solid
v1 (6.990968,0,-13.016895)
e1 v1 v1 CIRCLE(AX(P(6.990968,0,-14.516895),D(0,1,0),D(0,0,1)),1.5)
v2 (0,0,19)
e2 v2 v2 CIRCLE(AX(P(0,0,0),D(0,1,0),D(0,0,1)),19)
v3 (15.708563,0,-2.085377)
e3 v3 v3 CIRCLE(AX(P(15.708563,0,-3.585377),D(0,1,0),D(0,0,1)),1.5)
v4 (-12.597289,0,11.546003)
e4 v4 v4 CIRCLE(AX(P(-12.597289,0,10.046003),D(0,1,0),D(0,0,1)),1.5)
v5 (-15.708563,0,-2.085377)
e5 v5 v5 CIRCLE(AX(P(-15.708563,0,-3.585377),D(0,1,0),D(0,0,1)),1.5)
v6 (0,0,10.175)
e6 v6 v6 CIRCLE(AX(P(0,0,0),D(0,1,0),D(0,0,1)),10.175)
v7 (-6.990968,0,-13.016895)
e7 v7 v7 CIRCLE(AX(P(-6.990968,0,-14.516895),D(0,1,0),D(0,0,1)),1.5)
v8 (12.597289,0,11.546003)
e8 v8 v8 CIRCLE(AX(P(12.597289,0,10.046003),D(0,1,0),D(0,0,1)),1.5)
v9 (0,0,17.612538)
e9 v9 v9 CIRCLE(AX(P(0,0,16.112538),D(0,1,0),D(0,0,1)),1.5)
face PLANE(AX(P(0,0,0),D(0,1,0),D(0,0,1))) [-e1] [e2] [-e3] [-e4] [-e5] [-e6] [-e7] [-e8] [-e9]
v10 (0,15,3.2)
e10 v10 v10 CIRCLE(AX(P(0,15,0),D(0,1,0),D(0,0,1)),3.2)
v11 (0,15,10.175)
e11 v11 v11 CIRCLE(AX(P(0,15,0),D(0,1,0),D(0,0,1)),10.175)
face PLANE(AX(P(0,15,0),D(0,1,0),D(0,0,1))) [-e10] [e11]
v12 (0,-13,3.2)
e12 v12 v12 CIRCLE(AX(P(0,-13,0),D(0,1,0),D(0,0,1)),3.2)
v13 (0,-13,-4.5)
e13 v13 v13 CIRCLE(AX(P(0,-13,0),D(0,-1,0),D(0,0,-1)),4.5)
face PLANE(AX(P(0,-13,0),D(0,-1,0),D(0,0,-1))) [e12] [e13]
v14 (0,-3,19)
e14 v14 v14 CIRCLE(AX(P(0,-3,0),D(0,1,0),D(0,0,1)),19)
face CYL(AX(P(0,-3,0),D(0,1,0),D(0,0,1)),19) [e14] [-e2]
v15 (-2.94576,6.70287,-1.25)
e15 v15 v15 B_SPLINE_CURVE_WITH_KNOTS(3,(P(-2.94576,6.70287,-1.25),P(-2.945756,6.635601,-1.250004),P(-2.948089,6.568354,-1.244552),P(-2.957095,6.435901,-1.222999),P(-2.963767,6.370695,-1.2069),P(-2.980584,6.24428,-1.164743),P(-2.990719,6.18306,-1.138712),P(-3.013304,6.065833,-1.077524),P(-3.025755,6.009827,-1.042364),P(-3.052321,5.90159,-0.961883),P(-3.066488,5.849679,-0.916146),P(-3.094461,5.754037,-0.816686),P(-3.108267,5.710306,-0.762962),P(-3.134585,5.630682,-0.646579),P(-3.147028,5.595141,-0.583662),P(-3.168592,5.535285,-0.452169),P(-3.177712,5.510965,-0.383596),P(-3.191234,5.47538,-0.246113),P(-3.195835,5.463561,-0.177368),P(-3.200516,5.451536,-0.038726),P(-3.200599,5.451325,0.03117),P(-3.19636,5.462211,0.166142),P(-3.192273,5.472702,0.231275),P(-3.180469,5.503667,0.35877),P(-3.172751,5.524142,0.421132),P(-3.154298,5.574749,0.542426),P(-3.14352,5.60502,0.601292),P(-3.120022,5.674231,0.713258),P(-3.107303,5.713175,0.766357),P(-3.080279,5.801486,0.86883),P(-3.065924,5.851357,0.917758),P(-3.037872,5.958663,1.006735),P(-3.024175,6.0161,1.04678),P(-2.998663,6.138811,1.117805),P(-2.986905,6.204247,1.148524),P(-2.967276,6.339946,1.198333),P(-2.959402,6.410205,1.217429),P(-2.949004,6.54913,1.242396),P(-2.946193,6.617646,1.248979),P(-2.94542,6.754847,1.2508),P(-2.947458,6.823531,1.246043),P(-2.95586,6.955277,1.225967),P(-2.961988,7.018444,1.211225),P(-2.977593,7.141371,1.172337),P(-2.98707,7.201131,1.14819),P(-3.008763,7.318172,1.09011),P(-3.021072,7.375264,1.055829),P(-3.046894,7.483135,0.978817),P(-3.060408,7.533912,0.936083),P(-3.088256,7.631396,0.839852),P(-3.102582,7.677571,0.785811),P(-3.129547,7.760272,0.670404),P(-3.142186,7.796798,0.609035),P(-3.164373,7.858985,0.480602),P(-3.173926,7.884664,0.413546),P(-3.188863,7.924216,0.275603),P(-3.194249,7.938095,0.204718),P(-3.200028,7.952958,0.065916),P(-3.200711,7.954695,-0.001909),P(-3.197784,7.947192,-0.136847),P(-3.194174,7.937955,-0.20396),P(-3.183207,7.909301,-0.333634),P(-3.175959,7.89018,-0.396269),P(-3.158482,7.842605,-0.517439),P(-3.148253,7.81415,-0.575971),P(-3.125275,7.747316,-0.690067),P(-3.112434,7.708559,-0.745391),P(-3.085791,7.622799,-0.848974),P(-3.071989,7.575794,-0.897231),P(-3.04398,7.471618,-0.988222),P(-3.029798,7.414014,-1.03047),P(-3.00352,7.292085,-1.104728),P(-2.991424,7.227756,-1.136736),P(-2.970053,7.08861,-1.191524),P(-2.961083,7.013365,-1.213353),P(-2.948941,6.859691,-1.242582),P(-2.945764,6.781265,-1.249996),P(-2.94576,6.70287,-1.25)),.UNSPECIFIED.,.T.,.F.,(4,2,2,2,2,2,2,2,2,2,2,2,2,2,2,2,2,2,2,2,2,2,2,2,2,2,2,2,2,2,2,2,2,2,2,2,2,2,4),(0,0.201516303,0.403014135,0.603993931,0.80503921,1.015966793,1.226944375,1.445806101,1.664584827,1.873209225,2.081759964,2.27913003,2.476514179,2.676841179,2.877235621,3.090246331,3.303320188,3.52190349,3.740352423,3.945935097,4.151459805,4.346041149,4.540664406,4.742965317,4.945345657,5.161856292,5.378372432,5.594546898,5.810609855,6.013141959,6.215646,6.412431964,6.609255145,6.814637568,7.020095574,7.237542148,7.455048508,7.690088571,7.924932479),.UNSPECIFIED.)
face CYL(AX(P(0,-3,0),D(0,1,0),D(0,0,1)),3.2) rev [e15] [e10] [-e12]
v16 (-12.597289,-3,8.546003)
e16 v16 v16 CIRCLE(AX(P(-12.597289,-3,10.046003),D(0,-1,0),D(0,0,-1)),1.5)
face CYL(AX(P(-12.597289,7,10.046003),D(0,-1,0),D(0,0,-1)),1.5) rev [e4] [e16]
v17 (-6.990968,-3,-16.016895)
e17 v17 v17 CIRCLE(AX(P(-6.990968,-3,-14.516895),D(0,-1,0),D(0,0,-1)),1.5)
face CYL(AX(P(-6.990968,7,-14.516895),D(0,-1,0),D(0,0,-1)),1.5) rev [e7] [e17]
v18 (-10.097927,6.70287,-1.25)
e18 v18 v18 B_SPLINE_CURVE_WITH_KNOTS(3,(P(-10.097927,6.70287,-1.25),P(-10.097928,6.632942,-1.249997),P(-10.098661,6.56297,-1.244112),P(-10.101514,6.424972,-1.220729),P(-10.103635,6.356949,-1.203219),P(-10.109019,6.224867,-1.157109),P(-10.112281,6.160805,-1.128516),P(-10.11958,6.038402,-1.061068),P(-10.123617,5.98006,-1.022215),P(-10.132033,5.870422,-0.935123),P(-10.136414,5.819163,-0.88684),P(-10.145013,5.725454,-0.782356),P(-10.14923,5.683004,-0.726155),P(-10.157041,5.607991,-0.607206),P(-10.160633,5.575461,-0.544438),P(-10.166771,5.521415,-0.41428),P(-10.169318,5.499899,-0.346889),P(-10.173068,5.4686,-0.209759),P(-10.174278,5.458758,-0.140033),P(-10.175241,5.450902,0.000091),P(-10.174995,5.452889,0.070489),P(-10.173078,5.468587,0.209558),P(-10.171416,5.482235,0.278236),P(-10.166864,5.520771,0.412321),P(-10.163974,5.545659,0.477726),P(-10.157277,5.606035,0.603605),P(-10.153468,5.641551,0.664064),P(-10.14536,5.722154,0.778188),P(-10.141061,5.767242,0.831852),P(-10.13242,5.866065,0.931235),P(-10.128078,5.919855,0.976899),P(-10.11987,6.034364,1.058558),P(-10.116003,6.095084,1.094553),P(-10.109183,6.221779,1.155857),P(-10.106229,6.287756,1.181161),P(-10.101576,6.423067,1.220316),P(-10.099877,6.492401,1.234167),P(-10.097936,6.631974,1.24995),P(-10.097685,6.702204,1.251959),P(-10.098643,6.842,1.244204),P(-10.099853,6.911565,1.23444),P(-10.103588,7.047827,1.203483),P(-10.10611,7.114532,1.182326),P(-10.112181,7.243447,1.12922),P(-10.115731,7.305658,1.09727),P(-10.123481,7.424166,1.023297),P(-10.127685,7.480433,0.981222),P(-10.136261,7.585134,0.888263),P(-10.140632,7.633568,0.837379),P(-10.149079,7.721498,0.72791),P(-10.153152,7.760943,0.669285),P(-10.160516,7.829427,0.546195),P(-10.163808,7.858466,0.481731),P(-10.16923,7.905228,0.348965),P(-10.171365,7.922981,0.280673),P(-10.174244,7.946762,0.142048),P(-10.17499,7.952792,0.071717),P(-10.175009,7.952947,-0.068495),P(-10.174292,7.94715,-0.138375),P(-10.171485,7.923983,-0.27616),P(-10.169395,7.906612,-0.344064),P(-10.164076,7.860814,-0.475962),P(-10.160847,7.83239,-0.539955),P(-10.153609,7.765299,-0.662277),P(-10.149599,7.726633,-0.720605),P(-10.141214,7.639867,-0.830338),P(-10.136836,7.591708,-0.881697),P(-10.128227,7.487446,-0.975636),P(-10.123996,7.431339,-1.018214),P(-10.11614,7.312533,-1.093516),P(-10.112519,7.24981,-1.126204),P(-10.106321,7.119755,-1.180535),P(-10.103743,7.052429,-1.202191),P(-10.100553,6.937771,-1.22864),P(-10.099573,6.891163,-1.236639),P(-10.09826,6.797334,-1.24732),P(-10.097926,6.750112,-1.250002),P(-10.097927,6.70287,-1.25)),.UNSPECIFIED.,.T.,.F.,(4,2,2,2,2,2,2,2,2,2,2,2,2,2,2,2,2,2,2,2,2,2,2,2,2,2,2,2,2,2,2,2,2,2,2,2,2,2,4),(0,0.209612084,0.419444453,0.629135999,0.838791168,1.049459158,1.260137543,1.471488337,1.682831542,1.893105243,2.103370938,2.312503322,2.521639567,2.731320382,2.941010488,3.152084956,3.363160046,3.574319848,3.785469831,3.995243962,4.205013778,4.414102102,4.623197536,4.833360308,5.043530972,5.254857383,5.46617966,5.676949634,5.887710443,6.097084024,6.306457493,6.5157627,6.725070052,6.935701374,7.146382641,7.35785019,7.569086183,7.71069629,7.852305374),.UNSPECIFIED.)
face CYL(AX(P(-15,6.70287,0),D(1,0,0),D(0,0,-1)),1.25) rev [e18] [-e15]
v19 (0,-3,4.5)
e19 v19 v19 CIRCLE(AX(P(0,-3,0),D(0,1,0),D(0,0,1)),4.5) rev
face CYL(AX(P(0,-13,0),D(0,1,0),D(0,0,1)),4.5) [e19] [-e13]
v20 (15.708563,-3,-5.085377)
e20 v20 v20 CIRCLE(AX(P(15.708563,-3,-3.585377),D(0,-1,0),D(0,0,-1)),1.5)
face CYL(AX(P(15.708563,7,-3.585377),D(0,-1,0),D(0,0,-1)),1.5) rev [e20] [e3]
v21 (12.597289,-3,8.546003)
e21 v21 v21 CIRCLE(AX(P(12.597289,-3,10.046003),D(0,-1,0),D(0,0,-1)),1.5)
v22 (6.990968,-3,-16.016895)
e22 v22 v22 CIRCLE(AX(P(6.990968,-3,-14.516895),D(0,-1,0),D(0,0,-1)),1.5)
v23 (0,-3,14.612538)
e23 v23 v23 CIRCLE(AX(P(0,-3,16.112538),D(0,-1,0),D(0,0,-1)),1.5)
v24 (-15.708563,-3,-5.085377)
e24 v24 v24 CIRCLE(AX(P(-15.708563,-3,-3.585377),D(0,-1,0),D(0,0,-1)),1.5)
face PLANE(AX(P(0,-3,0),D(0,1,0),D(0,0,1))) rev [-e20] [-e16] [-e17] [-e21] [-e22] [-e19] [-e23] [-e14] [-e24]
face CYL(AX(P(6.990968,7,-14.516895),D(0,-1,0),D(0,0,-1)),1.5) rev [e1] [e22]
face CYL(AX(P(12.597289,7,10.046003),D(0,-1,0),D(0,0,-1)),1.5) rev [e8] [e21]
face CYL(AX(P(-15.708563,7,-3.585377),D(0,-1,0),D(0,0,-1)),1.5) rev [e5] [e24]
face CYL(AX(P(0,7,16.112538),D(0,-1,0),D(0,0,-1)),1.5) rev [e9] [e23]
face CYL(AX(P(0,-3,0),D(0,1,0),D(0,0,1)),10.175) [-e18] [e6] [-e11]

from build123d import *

# Parameters (mm, degrees)
BOSS_EXTRUDE1_DEPTH      = 15
BOSS_EXTRUDE1_DEPTH_BACK = 3
SKETCH1_R                = 10.175
SKETCH1_R_2              = 3.2
SKETCH1_3_R              = 19
SKETCH1_3_R_2            = 10.175
BOSS_EXTRUDE2_DEPTH      = 3
SKETCH2_R                = 1.25
CUT_EXTRUDE1_DEPTH       = 15
SKETCH4_R                = 4.5
BOSS_EXTRUDE3_DEPTH      = 10
SKETCH1_7_R              = 3.2
CUT_EXTRUDE2_DEPTH       = 13
SKETCH3_R                = 1.5
CUT_EXTRUDE3_DEPTH       = 10


with BuildPart() as part:
    # Sketch1 → Boss-Extrude1 (new, two sides: drawn at the far end of the back side and taken through both)
    with BuildSketch(Plane(origin=(0, 0, 0), x_dir=(1, 0, 0), z_dir=(0, 1, 0)).offset(-BOSS_EXTRUDE1_DEPTH_BACK)):
        Circle(SKETCH1_R)
        Circle(SKETCH1_R_2, mode=Mode.SUBTRACT)
    extrude(amount=BOSS_EXTRUDE1_DEPTH + BOSS_EXTRUDE1_DEPTH_BACK)

    # Sketch2 → Cut-Extrude1 (cut)
    with BuildSketch(Plane(origin=(0, 0, 0), x_dir=(0, 0, -1), z_dir=(1, 0, 0))):
        with Locations((0, 6.702870317)):
            Circle(SKETCH2_R)
    extrude(amount=-CUT_EXTRUDE1_DEPTH, mode=Mode.SUBTRACT)


with BuildPart() as body_2:
    # Sketch1<3> → Boss-Extrude2 (new body)
    with BuildSketch(Plane(origin=(0, 0, 0), x_dir=(1, 0, 0), z_dir=(0, 1, 0))):
        Circle(SKETCH1_3_R)
        Circle(SKETCH1_3_R_2, mode=Mode.SUBTRACT)
    extrude(amount=-BOSS_EXTRUDE2_DEPTH)


    add(part.part)  # Boss-Extrude3 merges part
    # Sketch4 → Boss-Extrude3 (add)
    with BuildSketch(Plane.XZ.offset(3)):
        Circle(SKETCH4_R)
    extrude(amount=BOSS_EXTRUDE3_DEPTH)

    # Sketch1<7> → Cut-Extrude2 (cut)
    with BuildSketch(Plane(origin=(0, 0, 0), x_dir=(1, 0, 0), z_dir=(0, 1, 0))):
        Circle(SKETCH1_7_R)
    extrude(amount=-CUT_EXTRUDE2_DEPTH, mode=Mode.SUBTRACT)

    # Sketch3 → Cut-Extrude3 (cut)
    with BuildSketch(Plane.XZ.offset(3)):
        with Locations((0, 16.112537947)):
            Circle(SKETCH3_R)
        with Locations((12.597289429, 10.046003092)):
            Circle(SKETCH3_R)
        with Locations((15.70856298, -3.585376992)):
            Circle(SKETCH3_R)
        with Locations((6.990968211, -14.516895073)):
            Circle(SKETCH3_R)
        with Locations((-6.990968211, -14.516895073)):
            Circle(SKETCH3_R)
        with Locations((-15.70856298, -3.585376992)):
            Circle(SKETCH3_R)
        with Locations((-12.597289429, 10.046003092)):
            Circle(SKETCH3_R)
    extrude(amount=-CUT_EXTRUDE3_DEPTH, mode=Mode.SUBTRACT)


solid = body_2.part
